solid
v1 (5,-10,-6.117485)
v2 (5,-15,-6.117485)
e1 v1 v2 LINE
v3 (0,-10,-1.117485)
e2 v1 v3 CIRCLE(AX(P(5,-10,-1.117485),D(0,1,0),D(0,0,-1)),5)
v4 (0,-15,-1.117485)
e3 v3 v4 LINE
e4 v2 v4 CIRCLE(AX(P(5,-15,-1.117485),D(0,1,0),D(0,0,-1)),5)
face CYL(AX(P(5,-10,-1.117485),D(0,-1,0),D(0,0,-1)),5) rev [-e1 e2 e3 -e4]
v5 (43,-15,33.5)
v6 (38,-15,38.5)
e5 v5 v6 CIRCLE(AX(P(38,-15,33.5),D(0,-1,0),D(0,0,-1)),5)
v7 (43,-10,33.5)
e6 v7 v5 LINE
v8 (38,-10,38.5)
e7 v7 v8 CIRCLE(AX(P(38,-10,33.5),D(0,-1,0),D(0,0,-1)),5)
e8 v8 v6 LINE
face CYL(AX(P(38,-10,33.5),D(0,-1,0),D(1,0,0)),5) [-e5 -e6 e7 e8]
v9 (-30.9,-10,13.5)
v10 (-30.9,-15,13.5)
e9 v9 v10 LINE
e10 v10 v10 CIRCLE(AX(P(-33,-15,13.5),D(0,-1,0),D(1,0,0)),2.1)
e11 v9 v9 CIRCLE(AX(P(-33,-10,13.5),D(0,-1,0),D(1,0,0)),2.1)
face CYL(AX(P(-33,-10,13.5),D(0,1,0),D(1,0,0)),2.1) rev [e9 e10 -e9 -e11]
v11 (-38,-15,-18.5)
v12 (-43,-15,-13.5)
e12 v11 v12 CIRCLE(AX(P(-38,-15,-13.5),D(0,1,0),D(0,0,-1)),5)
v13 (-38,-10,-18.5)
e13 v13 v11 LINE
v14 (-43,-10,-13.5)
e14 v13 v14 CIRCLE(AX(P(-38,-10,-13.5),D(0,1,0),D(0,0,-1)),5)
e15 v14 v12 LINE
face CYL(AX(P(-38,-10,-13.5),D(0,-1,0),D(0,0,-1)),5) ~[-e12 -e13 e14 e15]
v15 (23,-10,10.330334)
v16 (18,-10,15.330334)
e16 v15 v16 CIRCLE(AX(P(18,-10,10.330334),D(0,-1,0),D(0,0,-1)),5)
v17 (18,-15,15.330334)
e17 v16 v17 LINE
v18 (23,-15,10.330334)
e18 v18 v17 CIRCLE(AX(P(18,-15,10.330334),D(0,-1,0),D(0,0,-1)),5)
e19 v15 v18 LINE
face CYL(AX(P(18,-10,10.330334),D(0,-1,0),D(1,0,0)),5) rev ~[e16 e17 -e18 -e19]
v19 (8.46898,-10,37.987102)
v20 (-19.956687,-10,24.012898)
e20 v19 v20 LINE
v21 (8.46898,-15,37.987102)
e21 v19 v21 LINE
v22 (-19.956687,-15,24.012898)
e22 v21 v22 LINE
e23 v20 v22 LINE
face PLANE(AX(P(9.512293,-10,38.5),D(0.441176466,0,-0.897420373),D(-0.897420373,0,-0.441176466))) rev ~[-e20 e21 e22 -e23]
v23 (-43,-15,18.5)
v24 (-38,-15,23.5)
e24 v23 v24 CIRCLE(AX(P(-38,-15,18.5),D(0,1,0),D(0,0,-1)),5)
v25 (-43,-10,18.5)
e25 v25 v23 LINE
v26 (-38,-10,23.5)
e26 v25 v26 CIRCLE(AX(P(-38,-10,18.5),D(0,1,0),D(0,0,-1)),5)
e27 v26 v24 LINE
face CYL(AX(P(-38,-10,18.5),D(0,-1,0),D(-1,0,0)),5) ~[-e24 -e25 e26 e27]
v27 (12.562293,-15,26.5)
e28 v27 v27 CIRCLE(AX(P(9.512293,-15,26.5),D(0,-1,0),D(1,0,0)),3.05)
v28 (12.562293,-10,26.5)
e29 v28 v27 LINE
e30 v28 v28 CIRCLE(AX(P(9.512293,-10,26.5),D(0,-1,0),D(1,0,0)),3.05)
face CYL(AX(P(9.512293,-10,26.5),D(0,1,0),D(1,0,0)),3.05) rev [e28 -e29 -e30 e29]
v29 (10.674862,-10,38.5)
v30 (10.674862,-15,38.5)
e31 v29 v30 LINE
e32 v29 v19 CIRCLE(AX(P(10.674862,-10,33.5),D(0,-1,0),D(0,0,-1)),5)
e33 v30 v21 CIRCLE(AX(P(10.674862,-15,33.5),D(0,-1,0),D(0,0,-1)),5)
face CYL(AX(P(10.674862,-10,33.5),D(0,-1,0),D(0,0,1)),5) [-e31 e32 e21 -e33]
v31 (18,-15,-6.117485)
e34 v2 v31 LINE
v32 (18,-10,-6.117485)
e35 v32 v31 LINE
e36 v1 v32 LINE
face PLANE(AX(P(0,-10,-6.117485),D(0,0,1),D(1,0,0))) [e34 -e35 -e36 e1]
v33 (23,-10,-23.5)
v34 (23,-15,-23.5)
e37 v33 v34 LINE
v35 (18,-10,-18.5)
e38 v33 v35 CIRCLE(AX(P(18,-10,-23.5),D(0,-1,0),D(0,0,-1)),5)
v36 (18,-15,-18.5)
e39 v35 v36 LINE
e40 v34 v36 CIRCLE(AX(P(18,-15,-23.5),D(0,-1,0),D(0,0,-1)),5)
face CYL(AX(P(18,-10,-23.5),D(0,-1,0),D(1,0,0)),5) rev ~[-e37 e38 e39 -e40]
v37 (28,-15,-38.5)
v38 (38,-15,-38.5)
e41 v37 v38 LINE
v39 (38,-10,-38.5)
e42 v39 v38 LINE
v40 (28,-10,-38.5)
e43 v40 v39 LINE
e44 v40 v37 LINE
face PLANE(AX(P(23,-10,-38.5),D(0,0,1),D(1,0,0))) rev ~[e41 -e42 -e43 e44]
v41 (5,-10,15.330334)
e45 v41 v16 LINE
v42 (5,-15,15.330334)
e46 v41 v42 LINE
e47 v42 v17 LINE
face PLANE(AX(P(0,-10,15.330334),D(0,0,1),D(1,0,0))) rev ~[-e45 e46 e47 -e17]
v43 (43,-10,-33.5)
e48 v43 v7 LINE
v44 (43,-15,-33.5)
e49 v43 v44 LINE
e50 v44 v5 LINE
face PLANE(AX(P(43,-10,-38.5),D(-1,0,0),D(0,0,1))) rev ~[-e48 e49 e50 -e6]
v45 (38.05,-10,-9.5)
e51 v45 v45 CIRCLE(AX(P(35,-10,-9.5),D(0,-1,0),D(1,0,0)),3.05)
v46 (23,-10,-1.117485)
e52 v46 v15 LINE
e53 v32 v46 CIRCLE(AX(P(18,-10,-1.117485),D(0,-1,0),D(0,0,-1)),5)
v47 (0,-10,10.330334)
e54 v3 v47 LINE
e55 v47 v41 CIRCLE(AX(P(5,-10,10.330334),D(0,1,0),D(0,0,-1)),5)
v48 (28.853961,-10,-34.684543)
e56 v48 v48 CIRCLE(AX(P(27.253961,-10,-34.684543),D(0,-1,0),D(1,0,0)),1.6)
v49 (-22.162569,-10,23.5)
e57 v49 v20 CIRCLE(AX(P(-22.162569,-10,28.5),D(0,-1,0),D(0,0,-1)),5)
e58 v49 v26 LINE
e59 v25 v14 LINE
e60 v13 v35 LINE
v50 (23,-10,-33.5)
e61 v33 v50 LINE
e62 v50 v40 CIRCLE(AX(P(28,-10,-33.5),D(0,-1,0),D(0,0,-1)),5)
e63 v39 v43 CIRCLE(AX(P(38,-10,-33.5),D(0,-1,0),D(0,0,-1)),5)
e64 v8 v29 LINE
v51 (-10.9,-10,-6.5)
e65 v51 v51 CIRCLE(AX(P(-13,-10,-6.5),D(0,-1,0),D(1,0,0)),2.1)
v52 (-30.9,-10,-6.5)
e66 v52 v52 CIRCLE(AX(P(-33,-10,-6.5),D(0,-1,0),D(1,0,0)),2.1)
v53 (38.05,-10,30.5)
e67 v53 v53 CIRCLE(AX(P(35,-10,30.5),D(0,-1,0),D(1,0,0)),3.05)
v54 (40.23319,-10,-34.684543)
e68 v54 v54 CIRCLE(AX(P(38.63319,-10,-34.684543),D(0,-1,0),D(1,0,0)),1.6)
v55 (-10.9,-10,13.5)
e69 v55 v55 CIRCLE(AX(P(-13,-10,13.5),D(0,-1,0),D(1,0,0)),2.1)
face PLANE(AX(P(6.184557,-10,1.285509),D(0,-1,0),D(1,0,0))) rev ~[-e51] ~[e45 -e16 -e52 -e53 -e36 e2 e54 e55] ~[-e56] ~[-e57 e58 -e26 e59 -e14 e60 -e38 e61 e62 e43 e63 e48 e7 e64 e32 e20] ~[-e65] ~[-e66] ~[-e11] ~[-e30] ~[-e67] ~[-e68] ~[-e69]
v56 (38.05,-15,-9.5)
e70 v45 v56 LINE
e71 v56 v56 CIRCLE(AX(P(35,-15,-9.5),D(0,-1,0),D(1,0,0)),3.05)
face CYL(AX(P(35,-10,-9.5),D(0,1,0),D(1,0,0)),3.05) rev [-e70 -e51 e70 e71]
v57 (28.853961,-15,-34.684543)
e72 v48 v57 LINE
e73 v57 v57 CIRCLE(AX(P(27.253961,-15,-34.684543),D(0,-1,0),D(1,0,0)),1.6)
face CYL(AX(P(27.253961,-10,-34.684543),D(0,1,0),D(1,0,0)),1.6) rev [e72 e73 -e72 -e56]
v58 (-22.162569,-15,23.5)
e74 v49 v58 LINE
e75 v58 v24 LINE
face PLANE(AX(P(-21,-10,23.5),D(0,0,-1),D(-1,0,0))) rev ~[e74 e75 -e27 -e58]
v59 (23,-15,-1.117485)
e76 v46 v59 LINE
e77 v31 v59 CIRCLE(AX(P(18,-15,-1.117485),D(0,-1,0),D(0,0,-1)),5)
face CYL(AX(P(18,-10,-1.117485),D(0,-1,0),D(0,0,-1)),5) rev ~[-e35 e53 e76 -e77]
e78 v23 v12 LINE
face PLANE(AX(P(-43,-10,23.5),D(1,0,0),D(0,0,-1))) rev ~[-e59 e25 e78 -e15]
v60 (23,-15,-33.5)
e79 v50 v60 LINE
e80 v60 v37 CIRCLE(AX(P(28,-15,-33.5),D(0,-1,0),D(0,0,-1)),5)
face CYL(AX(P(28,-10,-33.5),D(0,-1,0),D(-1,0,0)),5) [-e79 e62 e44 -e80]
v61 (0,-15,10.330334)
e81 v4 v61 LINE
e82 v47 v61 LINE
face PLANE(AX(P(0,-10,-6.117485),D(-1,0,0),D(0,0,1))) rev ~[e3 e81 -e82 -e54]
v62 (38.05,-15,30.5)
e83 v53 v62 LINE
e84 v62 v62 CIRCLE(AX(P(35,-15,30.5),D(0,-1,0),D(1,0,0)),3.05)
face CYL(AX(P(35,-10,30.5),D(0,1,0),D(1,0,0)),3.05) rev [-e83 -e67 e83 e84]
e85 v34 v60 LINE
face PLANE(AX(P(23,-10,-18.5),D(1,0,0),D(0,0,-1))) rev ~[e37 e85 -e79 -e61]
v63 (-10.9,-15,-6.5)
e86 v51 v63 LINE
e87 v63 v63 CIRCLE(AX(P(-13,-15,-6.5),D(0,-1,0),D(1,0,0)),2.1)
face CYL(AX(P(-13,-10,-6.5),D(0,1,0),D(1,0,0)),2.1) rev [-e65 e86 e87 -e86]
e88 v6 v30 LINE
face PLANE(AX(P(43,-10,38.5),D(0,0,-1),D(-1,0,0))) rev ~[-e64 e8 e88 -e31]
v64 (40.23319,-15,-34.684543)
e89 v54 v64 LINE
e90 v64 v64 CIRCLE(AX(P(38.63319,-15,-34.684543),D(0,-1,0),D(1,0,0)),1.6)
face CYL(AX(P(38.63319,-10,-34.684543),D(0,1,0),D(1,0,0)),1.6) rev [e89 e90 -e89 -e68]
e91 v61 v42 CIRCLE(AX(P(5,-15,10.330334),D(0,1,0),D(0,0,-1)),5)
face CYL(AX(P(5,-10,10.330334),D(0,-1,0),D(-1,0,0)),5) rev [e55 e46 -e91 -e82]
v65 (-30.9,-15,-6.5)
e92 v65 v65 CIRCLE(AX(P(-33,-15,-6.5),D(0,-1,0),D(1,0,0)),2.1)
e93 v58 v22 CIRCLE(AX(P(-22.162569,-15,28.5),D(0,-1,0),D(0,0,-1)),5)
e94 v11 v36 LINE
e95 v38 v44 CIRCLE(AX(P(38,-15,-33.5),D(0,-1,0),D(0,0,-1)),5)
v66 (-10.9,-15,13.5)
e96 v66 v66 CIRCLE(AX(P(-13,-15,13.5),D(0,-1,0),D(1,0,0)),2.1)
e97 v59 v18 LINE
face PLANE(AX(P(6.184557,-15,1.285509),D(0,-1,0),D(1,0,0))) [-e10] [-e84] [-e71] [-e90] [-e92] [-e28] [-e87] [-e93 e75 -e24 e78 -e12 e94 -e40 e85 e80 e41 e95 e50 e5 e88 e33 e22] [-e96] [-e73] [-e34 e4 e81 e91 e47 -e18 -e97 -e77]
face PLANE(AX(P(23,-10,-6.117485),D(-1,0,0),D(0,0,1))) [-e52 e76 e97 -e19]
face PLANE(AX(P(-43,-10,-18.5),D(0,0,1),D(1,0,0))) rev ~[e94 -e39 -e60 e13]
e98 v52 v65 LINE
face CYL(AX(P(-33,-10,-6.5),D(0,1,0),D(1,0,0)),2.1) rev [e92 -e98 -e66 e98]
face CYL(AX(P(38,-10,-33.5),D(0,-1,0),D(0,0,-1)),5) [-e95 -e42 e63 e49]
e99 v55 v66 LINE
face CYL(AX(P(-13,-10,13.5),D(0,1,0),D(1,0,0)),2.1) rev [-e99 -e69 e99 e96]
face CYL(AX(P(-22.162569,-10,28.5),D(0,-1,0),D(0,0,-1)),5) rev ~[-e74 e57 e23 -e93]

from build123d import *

# Parameters (mm, degrees)
F1_R     = 2.1
F1_R_2   = 1.6
F1_R_3   = 3.05
F1_W     = 23
F1_H     = 21.447819
F2_DEPTH = 5
F3_R     = 5


with BuildPart() as f2:
    # F1 (on offset) → F2 (new body)
    with BuildSketch(Plane.XZ.offset(10)):
        Polygon((23, -18.5), (23, -38.5), (43, -38.5), (43, 38.5), (9.512293, 38.5), (-21, 23.5), (-43, 23.5), (-43, -18.5), align=None)
        with Locations((-33, -6.5)):
            Circle(F1_R, mode=Mode.SUBTRACT)
        with Locations((-13, -6.5)):
            Circle(F1_R, mode=Mode.SUBTRACT)
        with Locations((27.253961, -34.684543)):
            Circle(F1_R_2, mode=Mode.SUBTRACT)
        with Locations((38.63319, -34.684543)):
            Circle(F1_R_2, mode=Mode.SUBTRACT)
        with Locations((35, -9.5)):
            Circle(F1_R_3, mode=Mode.SUBTRACT)
        with Locations((-33, 13.5)):
            Circle(F1_R, mode=Mode.SUBTRACT)
        with Locations((-13, 13.5)):
            Circle(F1_R, mode=Mode.SUBTRACT)
        with Locations((11.5, 4.606424)):
            Rectangle(F1_W, F1_H, mode=Mode.SUBTRACT)
        with Locations((9.512293, 26.5)):
            Circle(F1_R_3, mode=Mode.SUBTRACT)
        with Locations((35, 30.5)):
            Circle(F1_R_3, mode=Mode.SUBTRACT)
    extrude(amount=F2_DEPTH)

    # F3
    f3_edges = [f2.edges().sort_by_distance(p)[0] for p in [
        (-43, -12.5, -18.5),
        (-43, -12.5, 23.5),
        (0, -12.5, -6.117485),
        (0, -12.5, 15.330334),
        (23, -12.5, 15.330334),
        (23, -12.5, -6.117485),
        (23, -12.5, -18.5),
        (23, -12.5, -38.5),
        (43, -12.5, -38.5),
        (43, -12.5, 38.5),
        (-21, -12.5, 23.5),
        (9.512293, -12.5, 38.5),
    ]]
    fillet(f3_edges, radius=F3_R)


solid = f2.part
